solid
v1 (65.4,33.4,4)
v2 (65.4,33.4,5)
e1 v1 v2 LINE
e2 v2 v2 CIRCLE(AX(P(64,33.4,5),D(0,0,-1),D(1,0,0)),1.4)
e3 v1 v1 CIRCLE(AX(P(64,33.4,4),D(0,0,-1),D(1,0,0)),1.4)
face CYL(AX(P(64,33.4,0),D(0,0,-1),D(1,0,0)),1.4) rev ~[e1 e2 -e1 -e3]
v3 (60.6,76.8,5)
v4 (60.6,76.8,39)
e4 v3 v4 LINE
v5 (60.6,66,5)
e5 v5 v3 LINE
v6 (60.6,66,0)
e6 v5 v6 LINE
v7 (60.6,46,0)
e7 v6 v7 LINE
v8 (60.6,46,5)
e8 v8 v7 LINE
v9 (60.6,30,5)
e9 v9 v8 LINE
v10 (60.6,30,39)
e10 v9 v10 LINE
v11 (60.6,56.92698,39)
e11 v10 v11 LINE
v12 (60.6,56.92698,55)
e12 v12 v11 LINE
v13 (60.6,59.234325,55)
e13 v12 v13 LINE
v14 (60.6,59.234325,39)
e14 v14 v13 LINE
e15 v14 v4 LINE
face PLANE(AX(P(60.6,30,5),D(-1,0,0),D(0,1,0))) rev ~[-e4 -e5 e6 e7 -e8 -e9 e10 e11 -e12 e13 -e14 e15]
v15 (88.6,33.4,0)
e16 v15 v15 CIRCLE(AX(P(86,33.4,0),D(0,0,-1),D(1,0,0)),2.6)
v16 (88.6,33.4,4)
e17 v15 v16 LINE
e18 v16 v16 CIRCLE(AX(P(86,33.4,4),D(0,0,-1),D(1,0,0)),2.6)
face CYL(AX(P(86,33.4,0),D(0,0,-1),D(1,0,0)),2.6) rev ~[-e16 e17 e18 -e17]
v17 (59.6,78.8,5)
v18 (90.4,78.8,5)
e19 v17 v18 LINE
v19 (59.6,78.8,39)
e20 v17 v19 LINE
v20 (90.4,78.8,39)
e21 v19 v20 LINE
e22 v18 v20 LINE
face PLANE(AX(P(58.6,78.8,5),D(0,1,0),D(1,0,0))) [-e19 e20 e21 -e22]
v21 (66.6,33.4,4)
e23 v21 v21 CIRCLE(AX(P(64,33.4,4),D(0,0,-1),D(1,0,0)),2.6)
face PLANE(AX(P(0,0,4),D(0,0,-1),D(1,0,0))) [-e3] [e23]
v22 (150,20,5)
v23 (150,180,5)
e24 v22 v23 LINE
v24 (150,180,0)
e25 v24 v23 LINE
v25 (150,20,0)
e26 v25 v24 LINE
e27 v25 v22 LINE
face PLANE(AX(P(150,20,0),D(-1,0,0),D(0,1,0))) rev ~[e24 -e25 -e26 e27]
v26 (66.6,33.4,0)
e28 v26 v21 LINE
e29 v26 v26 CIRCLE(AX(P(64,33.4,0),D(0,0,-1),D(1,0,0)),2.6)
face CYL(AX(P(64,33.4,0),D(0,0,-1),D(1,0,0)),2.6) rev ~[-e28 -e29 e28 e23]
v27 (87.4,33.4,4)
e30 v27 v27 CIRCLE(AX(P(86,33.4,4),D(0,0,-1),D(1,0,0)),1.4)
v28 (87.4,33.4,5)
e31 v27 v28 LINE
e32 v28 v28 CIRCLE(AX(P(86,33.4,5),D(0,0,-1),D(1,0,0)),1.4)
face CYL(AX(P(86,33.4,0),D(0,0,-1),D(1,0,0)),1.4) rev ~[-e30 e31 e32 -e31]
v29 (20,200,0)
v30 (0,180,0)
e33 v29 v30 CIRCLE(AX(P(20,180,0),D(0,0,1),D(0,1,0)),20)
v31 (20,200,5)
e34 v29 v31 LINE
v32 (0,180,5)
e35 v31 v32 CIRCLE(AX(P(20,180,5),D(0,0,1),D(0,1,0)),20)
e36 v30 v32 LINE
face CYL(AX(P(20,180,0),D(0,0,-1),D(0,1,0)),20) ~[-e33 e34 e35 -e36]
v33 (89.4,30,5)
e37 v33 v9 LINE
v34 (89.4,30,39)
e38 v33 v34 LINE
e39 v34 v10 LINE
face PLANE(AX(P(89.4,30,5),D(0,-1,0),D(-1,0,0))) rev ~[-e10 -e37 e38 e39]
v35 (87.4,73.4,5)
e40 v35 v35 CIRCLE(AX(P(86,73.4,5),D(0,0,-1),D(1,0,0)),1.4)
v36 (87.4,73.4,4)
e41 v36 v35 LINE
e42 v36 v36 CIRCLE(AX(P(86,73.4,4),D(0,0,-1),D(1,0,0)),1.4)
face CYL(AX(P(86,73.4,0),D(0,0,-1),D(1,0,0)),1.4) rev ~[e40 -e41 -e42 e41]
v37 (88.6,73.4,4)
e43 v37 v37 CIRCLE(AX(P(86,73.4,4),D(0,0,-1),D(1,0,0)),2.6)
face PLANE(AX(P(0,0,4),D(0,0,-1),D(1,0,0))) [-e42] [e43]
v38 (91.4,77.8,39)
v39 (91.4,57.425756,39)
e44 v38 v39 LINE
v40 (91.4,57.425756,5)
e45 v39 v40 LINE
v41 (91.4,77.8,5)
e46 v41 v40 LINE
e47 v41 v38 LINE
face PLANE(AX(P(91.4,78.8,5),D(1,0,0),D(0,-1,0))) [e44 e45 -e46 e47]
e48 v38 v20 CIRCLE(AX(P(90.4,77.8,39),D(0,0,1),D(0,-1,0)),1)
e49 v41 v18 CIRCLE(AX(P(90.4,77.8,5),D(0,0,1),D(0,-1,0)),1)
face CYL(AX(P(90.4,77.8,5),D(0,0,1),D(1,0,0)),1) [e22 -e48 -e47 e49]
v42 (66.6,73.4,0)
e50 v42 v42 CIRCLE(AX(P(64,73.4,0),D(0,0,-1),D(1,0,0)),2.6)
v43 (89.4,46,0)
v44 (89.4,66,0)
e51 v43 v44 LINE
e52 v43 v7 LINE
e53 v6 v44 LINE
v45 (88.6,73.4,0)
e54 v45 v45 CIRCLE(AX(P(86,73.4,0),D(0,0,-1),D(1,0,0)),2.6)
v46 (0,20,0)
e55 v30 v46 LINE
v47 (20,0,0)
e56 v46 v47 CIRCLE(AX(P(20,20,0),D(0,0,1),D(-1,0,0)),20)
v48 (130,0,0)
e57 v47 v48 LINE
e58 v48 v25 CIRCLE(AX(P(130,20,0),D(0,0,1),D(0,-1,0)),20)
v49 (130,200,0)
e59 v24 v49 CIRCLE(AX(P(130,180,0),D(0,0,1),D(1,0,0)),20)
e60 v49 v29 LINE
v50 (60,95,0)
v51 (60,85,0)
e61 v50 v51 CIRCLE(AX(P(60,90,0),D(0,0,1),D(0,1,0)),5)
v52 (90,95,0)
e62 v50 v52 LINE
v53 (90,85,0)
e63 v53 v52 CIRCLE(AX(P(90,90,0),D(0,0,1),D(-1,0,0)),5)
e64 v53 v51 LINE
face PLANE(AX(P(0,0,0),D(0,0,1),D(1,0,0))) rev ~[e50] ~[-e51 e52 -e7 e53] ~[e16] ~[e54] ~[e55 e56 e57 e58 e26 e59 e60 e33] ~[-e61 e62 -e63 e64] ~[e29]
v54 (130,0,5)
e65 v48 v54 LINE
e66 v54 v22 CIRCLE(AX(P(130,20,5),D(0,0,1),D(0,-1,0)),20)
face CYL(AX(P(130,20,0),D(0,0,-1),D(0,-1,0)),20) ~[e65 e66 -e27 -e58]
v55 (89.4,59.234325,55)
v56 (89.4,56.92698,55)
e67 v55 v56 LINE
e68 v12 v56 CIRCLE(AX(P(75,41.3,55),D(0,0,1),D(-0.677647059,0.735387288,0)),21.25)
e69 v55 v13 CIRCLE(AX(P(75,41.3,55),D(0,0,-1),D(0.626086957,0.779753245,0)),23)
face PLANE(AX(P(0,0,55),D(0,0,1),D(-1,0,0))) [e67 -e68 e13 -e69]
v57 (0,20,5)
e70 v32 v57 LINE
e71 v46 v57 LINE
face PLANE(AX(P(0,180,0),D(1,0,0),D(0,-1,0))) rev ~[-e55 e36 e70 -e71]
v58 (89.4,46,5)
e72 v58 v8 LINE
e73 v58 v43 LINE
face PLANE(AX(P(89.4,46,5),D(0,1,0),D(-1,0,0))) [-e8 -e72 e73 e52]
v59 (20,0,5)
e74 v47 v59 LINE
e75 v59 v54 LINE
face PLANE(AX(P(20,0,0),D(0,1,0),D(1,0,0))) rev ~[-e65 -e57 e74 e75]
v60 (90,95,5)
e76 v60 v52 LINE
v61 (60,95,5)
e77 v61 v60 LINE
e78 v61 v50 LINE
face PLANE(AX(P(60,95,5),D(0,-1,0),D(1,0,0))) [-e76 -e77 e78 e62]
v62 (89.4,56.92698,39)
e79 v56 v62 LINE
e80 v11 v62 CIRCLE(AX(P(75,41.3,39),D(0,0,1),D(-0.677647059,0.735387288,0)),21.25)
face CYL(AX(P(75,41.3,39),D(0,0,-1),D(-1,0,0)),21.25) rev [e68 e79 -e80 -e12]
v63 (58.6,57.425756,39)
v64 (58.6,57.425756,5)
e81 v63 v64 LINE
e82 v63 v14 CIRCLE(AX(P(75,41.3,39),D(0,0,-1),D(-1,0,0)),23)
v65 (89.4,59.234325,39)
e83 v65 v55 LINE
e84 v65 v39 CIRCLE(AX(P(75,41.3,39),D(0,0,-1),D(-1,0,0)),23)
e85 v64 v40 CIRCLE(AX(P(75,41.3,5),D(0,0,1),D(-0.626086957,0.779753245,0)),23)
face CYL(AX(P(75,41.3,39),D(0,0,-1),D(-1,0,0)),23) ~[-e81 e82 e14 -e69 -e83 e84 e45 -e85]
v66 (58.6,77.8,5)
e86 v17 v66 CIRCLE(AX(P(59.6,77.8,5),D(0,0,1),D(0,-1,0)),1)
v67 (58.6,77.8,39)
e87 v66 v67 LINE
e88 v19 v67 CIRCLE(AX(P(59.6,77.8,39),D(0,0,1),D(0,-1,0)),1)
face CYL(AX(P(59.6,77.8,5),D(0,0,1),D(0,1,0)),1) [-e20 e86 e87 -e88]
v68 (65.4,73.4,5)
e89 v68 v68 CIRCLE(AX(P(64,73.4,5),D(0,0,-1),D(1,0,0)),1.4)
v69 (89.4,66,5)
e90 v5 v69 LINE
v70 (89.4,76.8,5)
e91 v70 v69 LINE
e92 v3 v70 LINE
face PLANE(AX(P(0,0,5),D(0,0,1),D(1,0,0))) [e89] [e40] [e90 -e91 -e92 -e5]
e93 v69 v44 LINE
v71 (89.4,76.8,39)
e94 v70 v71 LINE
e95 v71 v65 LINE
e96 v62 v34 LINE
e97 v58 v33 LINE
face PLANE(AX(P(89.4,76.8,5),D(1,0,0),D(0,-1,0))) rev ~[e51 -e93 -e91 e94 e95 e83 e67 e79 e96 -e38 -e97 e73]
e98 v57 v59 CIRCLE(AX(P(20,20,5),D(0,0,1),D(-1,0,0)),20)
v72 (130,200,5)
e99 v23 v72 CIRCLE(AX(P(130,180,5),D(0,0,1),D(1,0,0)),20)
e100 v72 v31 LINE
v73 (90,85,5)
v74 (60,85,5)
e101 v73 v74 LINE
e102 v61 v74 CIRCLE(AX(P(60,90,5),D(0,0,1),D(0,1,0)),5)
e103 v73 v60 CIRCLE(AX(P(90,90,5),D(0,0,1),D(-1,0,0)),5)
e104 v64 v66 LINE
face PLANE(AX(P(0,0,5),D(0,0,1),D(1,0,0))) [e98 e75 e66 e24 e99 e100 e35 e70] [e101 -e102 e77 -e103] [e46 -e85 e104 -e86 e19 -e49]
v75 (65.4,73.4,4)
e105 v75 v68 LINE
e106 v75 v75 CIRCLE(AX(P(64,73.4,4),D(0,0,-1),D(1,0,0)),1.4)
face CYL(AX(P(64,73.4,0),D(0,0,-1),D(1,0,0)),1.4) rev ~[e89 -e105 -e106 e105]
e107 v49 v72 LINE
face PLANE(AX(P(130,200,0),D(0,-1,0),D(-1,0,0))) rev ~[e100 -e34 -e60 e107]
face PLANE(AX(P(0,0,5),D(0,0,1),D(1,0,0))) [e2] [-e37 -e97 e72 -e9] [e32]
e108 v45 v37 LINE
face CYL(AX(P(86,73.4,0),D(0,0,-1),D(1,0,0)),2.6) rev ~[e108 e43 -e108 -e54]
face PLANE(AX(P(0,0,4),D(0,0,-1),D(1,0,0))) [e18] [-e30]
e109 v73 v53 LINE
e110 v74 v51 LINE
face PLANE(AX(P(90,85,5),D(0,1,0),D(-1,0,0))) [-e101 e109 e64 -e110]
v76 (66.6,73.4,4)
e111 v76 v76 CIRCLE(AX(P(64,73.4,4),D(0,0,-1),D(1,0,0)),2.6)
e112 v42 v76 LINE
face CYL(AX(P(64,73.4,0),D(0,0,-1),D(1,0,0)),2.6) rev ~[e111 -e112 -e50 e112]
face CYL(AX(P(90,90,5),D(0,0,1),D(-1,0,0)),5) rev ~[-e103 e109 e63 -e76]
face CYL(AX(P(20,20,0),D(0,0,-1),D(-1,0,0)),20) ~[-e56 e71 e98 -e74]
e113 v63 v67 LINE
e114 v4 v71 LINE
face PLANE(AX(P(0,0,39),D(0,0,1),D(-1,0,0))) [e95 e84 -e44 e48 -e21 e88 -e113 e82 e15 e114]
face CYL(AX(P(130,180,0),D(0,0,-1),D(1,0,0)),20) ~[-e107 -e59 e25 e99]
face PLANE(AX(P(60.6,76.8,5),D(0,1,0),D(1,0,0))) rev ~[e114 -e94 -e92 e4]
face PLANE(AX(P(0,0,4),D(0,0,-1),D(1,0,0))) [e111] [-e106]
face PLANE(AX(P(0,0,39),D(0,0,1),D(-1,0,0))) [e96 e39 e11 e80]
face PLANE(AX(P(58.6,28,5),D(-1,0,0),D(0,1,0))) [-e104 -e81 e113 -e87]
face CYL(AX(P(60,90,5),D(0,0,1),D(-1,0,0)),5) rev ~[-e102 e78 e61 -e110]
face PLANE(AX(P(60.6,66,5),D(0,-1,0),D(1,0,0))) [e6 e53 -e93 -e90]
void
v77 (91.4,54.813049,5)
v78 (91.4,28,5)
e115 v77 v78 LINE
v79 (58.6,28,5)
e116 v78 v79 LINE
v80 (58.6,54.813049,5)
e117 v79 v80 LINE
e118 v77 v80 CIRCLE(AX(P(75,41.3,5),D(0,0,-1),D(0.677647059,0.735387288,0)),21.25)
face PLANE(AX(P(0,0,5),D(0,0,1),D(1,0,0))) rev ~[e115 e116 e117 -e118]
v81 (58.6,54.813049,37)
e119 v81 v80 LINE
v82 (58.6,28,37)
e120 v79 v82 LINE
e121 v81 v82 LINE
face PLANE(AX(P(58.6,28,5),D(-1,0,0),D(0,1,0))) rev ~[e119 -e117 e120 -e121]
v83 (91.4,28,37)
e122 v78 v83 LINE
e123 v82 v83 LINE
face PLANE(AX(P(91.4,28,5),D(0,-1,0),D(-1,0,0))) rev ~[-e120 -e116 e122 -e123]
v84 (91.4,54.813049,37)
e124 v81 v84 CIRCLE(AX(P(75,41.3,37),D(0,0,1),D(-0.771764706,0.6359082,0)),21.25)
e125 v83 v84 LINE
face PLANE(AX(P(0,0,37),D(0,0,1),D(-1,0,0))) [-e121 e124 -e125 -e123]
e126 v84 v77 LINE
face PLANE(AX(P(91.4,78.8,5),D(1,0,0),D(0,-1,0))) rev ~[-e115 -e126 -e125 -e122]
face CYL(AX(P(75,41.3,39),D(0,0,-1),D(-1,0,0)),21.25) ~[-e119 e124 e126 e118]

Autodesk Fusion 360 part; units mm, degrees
sketch "スケッチ1" plane through (0, 0, 0) normal (0, 0, 1) x (1, 0, 0)
  line L0 (20, 0) -> (130, 0)
  line L1 (150, 20) -> (150, 180)
  line L2 (130, 200) -> (20, 200)
  line L3 (0, 180) -> (0, 20)
  arc A0 (20, 200) -> (0, 180) centre (20, 180) ccw
  arc A1 (150, 180) -> (130, 200) centre (130, 180) ccw
  arc A2 (0, 20) -> (20, 0) centre (20, 20) ccw
  arc A3 (130, 0) -> (150, 20) centre (130, 20) ccw
  point P0 (150, 0)
  point P1 (0, 200)
  dimension "d1" = 150
  dimension "d2" = 200
  dimension "d5" = 20
  dimension "d6" = 20
  dimension "d7" = 20
  dimension "d8" = 20
extrude "押し出し1" add sketch "スケッチ1" along normal blind 5
sketch "スケッチ2" plane through (0, 0, 5) normal (0, 0, 1) x (-1, 0, 0)
  arc A0 (-130, 0) -> (-150, -20) centre (-130, -20) ccw
  arc A1 (-150, -180) -> (-130, -200) centre (-130, -180) ccw
  line L0 (-130, -200) -> (-20, -200)
  arc A2 (-20, -200) -> (0, -180) centre (-20, -180) ccw
  arc A3 (0, -20) -> (-20, 0) centre (-20, -20) ccw
  line L1 (-20, 0) -> (-130, 0)
  line L2 (-89.4, -30) -> (-60.6, -30)
  line L3 (-60.6, -30) -> (-60.6, -76.8)
  line L4 (-60.6, -76.8) -> (-89.4, -76.8)
  line L5 (-89.4, -76.8) -> (-89.4, -30)
  line L6 (-91.4, -28) -> (-58.6, -28)
  line L7 (-58.6, -28) -> (-58.6, -78.8)
  line L8 (-58.6, -78.8) -> (-91.4, -78.8)
  line L9 (-91.4, -78.8) -> (-91.4, -28)
  line L10 (0, -180) -> (0, -20)
  dimension "d9" = 28.8
  dimension "d10" = 46.8
  dimension "d11" = 150
  dimension "d12" = 200
  dimension "d13" = 60.6
  dimension "d14" = 30
  dimension "d15" = 32.8
  dimension "d16" = 50.8
  dimension "d17" = 58.6
  dimension "d18" = 28
extrude "押し出し2" add sketch "スケッチ2" along normal blind 34
sketch "スケッチ3" plane through (0, 0, 39) normal (0, 0, 1) x (-1, 0, 0)
  line L0 (-60.6, -76.8) -> (-89.4, -76.8)
  line L1 (-89.4, -76.8) -> (-89.4, -30)
  line L2 (-89.4, -30) -> (-60.6, -30)
  line L3 (-60.6, -30) -> (-60.6, -76.8)
  line L4 (-91.4, -78.8) -> (-58.6, -78.8)
  line L5 (-58.6, -78.8) -> (-58.6, -28)
  line L6 (-58.6, -28) -> (-91.4, -28)
  line L7 (-91.4, -28) -> (-91.4, -78.8)
  circle A0 centre (-75, -41.3) radius 21.25
  circle A1 centre (-75, -41.3) radius 23
  dimension "d21" = 42.5
  dimension "d22" = 11.3
  dimension "d23" = 46
extrude "押し出し3" add sketch "スケッチ3" against normal blind 2 contours L5 L6 L7 A0
extrude "押し出し4" add sketch "スケッチ3" along normal blind 16 and the other way blind 34 contours L3 L5 A0 A1 | L1 L7 A0 A1 | L5 L7 A0 A1
fillet "フィレット1" radius 1 1 edges at (91.4, 78.8, 22)
fillet "フィレット2" radius 1 1 edges at (58.6, 78.8, 22)
sketch "スケッチ4" plane through (0, 0, 5) normal (0, 0, 1) x (-1, 0, 0)
  line L0 (-60.6, -76.8) -> (-60.6, -30)
  line L1 (-60.6, -30) -> (-89.4, -30)
  line L2 (-89.4, -30) -> (-89.4, -76.8)
  line L3 (-89.4, -76.8) -> (-60.6, -76.8)
  line L4 (-89.4, -46) -> (-60.6, -46)
  line L5 (-60.6, -46) -> (-60.6, -66)
  line L6 (-60.6, -66) -> (-89.4, -66)
  line L7 (-89.4, -66) -> (-89.4, -46)
  dimension "d35" = 16
  dimension "d36" = 20
extrude "押し出し5" cut sketch "スケッチ4" against normal up to surface (5 mm away) contours L0 L2 L4 L5 L6 L7
sketch "スケッチ5" plane through (0, 0, 0) normal (0, 0, -1) x (1, 0, 0)
  line L0 (89.4, -46) -> (89.4, -66)
  line L1 (89.4, -66) -> (60.6, -66)
  line L2 (60.6, -66) -> (60.6, -46)
  line L3 (60.6, -46) -> (89.4, -46)
  arc A0 (150, -20) -> (130, 0) centre (130, -20) ccw
  line L4 (130, 0) -> (20, 0)
  arc A1 (20, 0) -> (0, -20) centre (20, -20) ccw
  line L5 (0, -20) -> (0, -180)
  arc A2 (0, -180) -> (20, -200) centre (20, -180) ccw
  line L6 (20, -200) -> (130, -200)
  arc A3 (130, -200) -> (150, -180) centre (130, -180) ccw
  line L7 (150, -180) -> (150, -20)
  circle A4 centre (64, -33.4) radius 2.6
  circle A5 centre (86, -73.4) radius 2.6
  circle A6 centre (86, -33.4) radius 2.6
  circle A7 centre (64, -73.4) radius 2.6
  line L8 (75, -25) -> (75, -85)
  line L9 (89.4, -30) -> (60.6, -30)
  line L10 (60.6, -76.8) -> (89.4, -76.8)
  circle A8 centre (64, -33.4) radius 1.4
  circle A9 centre (86, -33.4) radius 1.4
  circle A10 centre (64, -73.4) radius 1.4
  circle A11 centre (86, -73.4) radius 1.4
  dimension "d39" = 5.2
  dimension "d40" = 5.2
  dimension "d41" = 5.2
  dimension "d42" = 5.2
  dimension "d43" = 22
  dimension "d44" = 22
  dimension "d45" = 40
  dimension "d46" = 40
  dimension "d47" = 75
  dimension "d48" = 11
  dimension "d49" = 11
  dimension "d50" = 46.8
  dimension "d51" = 3.4
  dimension "d52" = 3.4
  dimension "d53" = 2.8
  dimension "d54" = 2.8
  dimension "d55" = 2.8
  dimension "d56" = 2.8
extrude "押し出し6" cut sketch "スケッチ5" against normal blind 5 contours A8 | A9 | A10 | A11
extrude "押し出し7" cut sketch "スケッチ5" against normal blind 4 contours A4 | A5 | A6 | A7
sketch "スケッチ6" plane through (0, 0, 5) normal (0, 0, 1) x (-1, 0, 0)
  arc A0 (-58.6, -57.4258) -> (-91.4, -57.4258) centre (-75, -41.3) ccw
  line L0 (-58.6, -57.4258) -> (-58.6, -77.8)
  arc A1 (-59.6, -78.8) -> (-58.6, -77.8) centre (-59.6, -77.8) ccw
  line L1 (-59.6, -78.8) -> (-90.4, -78.8)
  arc A2 (-91.4, -77.8) -> (-90.4, -78.8) centre (-90.4, -77.8) ccw
  line L2 (-91.4, -77.8) -> (-91.4, -57.4258)
  arc A3 (-130, 0) -> (-150, -20) centre (-130, -20) ccw
  line L3 (-150, -20) -> (-150, -180)
  arc A4 (-150, -180) -> (-130, -200) centre (-130, -180) ccw
  line L4 (-130, -200) -> (-20, -200)
  arc A5 (-20, -200) -> (0, -180) centre (-20, -180) ccw
  line L5 (0, -180) -> (0, -20)
  arc A6 (0, -20) -> (-20, 0) centre (-20, -20) ccw
  line L6 (-20, 0) -> (-130, 0)
  circle A7 centre (-90, -90) radius 5
  circle A8 centre (-60, -90) radius 5
  line L7 (-90, -85) -> (-60, -85)
  line L8 (-60, -85) -> (-60, -95)
  line L9 (-60, -95) -> (-90, -95)
  line L10 (-90, -95) -> (-90, -85)
  dimension "d61" = 10
  dimension "d62" = 10
extrude "押し出し8" cut sketch "スケッチ6" against normal blind 5 contours A7 L10 | A7 A8 L7 L9 | A7 L10 | A8 L8 | A8 L8
equation "d13 = ( 150 mm - d9 ) / 2"
equation "d15 = d9 + 4 mm"
equation "d16 = d10 + 4 mm"
equation "d17 = ( d11 - d15 ) / 2"
equation "d18 = d14 - 2 mm"
equation "d44 = d43"
equation "d46 = d45"
equation "d48 = d43 / 2"
equation "d49 = d48"
equation "d51 = ( d50 - d45 ) / 2"
equation "d52 = d51"
